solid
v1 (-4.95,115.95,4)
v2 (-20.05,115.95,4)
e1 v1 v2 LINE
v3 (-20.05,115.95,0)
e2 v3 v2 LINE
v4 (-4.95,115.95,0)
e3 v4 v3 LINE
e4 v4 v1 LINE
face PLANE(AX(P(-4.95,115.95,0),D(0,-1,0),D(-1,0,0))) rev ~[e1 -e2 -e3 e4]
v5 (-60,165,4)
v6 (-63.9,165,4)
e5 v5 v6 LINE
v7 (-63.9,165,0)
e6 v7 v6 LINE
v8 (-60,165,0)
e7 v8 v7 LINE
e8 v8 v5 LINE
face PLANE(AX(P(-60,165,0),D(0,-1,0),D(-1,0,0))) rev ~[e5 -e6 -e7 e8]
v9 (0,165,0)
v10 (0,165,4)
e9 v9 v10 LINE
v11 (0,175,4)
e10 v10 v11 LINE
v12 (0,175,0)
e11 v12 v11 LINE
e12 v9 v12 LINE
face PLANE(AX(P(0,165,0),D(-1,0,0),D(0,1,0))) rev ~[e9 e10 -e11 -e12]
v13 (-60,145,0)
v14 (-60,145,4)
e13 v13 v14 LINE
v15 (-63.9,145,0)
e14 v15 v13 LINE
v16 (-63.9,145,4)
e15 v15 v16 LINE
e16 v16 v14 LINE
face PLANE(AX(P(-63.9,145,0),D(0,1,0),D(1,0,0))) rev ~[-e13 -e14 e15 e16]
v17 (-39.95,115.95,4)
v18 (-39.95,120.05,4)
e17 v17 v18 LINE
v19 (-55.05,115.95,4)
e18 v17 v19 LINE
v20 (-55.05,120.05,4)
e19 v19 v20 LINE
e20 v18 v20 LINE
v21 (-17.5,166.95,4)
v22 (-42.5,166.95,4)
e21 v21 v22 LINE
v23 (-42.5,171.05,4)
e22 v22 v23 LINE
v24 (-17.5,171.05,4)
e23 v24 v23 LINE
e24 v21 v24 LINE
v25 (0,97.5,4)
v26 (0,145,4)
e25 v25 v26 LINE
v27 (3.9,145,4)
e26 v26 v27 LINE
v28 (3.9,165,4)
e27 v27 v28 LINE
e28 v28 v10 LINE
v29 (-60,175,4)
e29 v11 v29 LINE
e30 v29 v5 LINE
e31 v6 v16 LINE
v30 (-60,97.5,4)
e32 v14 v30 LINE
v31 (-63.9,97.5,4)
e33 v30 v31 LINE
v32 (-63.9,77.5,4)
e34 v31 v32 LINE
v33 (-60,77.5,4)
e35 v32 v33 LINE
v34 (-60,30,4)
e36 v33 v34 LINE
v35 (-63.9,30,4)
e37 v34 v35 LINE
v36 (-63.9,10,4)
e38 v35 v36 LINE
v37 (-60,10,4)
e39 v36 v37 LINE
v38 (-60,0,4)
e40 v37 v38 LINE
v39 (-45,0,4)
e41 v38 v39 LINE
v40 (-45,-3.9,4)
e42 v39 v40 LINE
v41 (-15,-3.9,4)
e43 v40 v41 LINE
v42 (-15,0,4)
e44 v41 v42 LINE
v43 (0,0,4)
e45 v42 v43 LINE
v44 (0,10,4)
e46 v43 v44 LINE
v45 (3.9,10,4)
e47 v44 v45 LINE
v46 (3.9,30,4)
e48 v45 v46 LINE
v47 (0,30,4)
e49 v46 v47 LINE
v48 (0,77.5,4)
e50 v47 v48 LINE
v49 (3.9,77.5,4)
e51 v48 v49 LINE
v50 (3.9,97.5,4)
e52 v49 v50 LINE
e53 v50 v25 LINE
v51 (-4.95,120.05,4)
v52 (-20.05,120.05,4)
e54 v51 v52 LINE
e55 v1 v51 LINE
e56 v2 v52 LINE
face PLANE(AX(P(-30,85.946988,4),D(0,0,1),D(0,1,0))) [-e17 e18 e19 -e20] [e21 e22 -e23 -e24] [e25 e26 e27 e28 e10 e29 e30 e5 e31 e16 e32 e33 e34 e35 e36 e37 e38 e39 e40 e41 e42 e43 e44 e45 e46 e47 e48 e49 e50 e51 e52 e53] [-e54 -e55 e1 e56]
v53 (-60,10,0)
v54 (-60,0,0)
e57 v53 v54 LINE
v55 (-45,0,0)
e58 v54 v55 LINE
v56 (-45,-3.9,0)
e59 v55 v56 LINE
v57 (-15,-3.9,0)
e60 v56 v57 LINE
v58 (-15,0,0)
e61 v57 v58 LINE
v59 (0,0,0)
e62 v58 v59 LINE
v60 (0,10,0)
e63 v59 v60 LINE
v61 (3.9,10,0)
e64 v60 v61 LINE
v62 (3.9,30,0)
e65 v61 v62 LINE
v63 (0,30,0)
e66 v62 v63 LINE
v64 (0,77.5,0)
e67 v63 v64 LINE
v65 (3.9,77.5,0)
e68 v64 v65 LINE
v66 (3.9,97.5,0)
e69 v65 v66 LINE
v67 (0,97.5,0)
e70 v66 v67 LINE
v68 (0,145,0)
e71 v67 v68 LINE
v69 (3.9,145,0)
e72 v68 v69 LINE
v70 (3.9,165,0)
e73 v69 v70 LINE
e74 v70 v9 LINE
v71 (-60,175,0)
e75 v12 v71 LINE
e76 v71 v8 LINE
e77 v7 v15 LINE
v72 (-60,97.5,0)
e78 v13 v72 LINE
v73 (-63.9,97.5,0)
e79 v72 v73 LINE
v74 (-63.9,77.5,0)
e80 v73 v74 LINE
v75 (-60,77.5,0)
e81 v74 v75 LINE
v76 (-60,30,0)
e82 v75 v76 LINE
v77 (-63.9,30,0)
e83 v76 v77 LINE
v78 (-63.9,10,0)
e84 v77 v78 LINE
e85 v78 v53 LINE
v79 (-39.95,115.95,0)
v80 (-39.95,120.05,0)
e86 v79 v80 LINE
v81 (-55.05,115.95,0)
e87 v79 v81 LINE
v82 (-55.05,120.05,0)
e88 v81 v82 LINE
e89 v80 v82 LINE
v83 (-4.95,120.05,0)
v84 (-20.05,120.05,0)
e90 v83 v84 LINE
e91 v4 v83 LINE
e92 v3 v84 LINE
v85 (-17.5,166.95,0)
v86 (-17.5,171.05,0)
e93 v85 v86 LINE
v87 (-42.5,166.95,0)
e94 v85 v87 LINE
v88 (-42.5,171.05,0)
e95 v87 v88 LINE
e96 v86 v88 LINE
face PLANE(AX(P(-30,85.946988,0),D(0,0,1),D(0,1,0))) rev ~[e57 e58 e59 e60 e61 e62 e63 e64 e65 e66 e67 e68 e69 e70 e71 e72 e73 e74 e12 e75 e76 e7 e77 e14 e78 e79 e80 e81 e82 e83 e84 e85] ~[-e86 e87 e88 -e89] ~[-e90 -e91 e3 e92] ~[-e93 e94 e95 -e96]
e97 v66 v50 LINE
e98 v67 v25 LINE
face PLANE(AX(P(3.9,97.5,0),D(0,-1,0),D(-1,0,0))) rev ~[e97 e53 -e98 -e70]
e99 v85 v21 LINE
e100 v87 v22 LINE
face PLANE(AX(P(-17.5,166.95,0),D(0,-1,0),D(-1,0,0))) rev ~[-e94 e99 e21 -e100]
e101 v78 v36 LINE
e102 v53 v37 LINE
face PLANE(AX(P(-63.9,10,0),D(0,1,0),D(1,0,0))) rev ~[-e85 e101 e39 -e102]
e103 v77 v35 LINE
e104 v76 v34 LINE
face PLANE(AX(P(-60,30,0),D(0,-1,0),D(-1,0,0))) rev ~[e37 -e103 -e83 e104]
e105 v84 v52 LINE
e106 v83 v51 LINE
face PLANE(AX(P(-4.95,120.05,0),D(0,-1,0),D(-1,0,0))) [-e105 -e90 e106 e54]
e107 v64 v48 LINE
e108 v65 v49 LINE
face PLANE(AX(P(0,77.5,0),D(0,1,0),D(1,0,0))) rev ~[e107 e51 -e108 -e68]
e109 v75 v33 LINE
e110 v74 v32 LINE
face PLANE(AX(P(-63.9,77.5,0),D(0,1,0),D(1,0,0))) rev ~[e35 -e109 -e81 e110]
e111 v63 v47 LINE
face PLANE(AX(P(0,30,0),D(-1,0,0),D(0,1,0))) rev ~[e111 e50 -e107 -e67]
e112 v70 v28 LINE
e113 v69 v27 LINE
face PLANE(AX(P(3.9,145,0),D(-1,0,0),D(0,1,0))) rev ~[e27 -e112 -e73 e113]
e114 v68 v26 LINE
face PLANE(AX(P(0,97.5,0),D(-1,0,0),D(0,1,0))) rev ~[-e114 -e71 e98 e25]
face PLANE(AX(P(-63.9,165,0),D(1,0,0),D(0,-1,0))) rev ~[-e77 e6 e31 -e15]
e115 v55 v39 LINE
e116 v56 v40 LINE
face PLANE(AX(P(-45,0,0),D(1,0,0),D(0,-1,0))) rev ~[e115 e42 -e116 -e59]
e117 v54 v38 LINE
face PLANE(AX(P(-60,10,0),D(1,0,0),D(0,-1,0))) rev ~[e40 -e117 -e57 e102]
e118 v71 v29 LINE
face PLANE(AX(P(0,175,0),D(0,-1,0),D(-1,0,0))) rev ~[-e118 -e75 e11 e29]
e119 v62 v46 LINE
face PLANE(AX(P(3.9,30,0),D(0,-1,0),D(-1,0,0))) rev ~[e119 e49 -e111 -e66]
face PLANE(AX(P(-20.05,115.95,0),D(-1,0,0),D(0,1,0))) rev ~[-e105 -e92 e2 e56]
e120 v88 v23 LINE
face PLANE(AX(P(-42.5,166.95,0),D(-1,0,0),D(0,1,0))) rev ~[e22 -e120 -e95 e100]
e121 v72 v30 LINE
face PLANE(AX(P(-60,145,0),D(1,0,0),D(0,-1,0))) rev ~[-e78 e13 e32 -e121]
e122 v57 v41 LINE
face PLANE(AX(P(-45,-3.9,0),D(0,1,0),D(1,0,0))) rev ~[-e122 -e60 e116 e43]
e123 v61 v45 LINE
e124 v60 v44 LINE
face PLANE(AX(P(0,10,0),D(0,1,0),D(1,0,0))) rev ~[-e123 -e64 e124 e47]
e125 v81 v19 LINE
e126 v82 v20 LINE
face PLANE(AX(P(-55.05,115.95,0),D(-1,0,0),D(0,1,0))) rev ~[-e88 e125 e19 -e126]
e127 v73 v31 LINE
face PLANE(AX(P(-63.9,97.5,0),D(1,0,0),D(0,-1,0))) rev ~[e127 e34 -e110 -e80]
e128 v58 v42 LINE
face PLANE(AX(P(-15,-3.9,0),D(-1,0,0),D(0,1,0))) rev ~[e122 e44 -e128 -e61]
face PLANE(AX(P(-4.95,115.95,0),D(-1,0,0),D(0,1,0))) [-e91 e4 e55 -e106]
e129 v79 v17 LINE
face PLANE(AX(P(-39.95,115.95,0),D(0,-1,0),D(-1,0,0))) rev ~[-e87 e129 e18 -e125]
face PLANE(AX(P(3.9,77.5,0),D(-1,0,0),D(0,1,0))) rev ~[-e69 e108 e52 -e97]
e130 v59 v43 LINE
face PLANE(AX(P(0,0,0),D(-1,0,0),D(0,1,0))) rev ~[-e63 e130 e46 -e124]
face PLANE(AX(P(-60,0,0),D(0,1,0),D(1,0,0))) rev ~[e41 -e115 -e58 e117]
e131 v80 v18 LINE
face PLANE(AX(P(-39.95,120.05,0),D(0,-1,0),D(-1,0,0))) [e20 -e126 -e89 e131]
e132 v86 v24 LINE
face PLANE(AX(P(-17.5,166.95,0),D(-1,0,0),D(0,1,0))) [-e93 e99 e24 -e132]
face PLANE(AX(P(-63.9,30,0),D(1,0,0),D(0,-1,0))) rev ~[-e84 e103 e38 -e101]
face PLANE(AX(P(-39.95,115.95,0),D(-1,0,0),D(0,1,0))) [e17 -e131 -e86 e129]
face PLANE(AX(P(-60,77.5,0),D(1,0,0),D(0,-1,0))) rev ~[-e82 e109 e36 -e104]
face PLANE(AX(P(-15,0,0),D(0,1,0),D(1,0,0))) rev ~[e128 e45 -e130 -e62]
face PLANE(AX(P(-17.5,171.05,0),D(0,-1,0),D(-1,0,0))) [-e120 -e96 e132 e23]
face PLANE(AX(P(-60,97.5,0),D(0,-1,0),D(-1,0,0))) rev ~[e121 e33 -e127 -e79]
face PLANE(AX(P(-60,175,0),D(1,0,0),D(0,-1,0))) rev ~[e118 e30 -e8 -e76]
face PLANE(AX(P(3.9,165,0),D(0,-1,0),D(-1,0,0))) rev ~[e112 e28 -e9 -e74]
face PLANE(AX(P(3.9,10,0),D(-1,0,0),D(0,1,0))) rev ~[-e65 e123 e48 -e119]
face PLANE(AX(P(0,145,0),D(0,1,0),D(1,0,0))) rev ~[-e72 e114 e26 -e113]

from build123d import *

# Parameters (mm, degrees)
SKETCH_1_W      = 4.1
SKETCH_1_H      = 15.1
SKETCH_1_H_2    = 25
EXTRUDE_1_DEPTH = 4


with BuildPart() as part:
    # ｽｹｯﾁ1 → ﾎﾞｽ - 押し出し1 (new body)
    with BuildSketch(Plane(origin=(0, 0, 0), x_dir=(0, 1, 0), z_dir=(0, 0, 1))):
        Polygon((165, 60), (165, 63.9), (145, 63.9), (145, 60), (97.5, 60), (97.5, 63.9), (77.5, 63.9), (77.5, 60), (30, 60), (30, 63.9), (10, 63.9), (10, 60), (0, 60), (0, 45), (-3.9, 45), (-3.9, 15), (0, 15), (0, 0), (10, 0), (10, -3.9), (30, -3.9), (30, 0), (77.5, 0), (77.5, -3.9), (97.5, -3.9), (97.5, 0), (145, 0), (145, -3.9), (165, -3.9), (165, 0), (175, 0), (175, 60), align=None)
        with Locations((118, 47.5)):
            Rectangle(SKETCH_1_W, SKETCH_1_H, mode=Mode.SUBTRACT)
        with Locations((118, 12.5)):
            Rectangle(SKETCH_1_W, SKETCH_1_H, mode=Mode.SUBTRACT)
        with Locations((169, 30)):
            Rectangle(SKETCH_1_W, SKETCH_1_H_2, mode=Mode.SUBTRACT)
    extrude(amount=EXTRUDE_1_DEPTH)


solid = part.part
